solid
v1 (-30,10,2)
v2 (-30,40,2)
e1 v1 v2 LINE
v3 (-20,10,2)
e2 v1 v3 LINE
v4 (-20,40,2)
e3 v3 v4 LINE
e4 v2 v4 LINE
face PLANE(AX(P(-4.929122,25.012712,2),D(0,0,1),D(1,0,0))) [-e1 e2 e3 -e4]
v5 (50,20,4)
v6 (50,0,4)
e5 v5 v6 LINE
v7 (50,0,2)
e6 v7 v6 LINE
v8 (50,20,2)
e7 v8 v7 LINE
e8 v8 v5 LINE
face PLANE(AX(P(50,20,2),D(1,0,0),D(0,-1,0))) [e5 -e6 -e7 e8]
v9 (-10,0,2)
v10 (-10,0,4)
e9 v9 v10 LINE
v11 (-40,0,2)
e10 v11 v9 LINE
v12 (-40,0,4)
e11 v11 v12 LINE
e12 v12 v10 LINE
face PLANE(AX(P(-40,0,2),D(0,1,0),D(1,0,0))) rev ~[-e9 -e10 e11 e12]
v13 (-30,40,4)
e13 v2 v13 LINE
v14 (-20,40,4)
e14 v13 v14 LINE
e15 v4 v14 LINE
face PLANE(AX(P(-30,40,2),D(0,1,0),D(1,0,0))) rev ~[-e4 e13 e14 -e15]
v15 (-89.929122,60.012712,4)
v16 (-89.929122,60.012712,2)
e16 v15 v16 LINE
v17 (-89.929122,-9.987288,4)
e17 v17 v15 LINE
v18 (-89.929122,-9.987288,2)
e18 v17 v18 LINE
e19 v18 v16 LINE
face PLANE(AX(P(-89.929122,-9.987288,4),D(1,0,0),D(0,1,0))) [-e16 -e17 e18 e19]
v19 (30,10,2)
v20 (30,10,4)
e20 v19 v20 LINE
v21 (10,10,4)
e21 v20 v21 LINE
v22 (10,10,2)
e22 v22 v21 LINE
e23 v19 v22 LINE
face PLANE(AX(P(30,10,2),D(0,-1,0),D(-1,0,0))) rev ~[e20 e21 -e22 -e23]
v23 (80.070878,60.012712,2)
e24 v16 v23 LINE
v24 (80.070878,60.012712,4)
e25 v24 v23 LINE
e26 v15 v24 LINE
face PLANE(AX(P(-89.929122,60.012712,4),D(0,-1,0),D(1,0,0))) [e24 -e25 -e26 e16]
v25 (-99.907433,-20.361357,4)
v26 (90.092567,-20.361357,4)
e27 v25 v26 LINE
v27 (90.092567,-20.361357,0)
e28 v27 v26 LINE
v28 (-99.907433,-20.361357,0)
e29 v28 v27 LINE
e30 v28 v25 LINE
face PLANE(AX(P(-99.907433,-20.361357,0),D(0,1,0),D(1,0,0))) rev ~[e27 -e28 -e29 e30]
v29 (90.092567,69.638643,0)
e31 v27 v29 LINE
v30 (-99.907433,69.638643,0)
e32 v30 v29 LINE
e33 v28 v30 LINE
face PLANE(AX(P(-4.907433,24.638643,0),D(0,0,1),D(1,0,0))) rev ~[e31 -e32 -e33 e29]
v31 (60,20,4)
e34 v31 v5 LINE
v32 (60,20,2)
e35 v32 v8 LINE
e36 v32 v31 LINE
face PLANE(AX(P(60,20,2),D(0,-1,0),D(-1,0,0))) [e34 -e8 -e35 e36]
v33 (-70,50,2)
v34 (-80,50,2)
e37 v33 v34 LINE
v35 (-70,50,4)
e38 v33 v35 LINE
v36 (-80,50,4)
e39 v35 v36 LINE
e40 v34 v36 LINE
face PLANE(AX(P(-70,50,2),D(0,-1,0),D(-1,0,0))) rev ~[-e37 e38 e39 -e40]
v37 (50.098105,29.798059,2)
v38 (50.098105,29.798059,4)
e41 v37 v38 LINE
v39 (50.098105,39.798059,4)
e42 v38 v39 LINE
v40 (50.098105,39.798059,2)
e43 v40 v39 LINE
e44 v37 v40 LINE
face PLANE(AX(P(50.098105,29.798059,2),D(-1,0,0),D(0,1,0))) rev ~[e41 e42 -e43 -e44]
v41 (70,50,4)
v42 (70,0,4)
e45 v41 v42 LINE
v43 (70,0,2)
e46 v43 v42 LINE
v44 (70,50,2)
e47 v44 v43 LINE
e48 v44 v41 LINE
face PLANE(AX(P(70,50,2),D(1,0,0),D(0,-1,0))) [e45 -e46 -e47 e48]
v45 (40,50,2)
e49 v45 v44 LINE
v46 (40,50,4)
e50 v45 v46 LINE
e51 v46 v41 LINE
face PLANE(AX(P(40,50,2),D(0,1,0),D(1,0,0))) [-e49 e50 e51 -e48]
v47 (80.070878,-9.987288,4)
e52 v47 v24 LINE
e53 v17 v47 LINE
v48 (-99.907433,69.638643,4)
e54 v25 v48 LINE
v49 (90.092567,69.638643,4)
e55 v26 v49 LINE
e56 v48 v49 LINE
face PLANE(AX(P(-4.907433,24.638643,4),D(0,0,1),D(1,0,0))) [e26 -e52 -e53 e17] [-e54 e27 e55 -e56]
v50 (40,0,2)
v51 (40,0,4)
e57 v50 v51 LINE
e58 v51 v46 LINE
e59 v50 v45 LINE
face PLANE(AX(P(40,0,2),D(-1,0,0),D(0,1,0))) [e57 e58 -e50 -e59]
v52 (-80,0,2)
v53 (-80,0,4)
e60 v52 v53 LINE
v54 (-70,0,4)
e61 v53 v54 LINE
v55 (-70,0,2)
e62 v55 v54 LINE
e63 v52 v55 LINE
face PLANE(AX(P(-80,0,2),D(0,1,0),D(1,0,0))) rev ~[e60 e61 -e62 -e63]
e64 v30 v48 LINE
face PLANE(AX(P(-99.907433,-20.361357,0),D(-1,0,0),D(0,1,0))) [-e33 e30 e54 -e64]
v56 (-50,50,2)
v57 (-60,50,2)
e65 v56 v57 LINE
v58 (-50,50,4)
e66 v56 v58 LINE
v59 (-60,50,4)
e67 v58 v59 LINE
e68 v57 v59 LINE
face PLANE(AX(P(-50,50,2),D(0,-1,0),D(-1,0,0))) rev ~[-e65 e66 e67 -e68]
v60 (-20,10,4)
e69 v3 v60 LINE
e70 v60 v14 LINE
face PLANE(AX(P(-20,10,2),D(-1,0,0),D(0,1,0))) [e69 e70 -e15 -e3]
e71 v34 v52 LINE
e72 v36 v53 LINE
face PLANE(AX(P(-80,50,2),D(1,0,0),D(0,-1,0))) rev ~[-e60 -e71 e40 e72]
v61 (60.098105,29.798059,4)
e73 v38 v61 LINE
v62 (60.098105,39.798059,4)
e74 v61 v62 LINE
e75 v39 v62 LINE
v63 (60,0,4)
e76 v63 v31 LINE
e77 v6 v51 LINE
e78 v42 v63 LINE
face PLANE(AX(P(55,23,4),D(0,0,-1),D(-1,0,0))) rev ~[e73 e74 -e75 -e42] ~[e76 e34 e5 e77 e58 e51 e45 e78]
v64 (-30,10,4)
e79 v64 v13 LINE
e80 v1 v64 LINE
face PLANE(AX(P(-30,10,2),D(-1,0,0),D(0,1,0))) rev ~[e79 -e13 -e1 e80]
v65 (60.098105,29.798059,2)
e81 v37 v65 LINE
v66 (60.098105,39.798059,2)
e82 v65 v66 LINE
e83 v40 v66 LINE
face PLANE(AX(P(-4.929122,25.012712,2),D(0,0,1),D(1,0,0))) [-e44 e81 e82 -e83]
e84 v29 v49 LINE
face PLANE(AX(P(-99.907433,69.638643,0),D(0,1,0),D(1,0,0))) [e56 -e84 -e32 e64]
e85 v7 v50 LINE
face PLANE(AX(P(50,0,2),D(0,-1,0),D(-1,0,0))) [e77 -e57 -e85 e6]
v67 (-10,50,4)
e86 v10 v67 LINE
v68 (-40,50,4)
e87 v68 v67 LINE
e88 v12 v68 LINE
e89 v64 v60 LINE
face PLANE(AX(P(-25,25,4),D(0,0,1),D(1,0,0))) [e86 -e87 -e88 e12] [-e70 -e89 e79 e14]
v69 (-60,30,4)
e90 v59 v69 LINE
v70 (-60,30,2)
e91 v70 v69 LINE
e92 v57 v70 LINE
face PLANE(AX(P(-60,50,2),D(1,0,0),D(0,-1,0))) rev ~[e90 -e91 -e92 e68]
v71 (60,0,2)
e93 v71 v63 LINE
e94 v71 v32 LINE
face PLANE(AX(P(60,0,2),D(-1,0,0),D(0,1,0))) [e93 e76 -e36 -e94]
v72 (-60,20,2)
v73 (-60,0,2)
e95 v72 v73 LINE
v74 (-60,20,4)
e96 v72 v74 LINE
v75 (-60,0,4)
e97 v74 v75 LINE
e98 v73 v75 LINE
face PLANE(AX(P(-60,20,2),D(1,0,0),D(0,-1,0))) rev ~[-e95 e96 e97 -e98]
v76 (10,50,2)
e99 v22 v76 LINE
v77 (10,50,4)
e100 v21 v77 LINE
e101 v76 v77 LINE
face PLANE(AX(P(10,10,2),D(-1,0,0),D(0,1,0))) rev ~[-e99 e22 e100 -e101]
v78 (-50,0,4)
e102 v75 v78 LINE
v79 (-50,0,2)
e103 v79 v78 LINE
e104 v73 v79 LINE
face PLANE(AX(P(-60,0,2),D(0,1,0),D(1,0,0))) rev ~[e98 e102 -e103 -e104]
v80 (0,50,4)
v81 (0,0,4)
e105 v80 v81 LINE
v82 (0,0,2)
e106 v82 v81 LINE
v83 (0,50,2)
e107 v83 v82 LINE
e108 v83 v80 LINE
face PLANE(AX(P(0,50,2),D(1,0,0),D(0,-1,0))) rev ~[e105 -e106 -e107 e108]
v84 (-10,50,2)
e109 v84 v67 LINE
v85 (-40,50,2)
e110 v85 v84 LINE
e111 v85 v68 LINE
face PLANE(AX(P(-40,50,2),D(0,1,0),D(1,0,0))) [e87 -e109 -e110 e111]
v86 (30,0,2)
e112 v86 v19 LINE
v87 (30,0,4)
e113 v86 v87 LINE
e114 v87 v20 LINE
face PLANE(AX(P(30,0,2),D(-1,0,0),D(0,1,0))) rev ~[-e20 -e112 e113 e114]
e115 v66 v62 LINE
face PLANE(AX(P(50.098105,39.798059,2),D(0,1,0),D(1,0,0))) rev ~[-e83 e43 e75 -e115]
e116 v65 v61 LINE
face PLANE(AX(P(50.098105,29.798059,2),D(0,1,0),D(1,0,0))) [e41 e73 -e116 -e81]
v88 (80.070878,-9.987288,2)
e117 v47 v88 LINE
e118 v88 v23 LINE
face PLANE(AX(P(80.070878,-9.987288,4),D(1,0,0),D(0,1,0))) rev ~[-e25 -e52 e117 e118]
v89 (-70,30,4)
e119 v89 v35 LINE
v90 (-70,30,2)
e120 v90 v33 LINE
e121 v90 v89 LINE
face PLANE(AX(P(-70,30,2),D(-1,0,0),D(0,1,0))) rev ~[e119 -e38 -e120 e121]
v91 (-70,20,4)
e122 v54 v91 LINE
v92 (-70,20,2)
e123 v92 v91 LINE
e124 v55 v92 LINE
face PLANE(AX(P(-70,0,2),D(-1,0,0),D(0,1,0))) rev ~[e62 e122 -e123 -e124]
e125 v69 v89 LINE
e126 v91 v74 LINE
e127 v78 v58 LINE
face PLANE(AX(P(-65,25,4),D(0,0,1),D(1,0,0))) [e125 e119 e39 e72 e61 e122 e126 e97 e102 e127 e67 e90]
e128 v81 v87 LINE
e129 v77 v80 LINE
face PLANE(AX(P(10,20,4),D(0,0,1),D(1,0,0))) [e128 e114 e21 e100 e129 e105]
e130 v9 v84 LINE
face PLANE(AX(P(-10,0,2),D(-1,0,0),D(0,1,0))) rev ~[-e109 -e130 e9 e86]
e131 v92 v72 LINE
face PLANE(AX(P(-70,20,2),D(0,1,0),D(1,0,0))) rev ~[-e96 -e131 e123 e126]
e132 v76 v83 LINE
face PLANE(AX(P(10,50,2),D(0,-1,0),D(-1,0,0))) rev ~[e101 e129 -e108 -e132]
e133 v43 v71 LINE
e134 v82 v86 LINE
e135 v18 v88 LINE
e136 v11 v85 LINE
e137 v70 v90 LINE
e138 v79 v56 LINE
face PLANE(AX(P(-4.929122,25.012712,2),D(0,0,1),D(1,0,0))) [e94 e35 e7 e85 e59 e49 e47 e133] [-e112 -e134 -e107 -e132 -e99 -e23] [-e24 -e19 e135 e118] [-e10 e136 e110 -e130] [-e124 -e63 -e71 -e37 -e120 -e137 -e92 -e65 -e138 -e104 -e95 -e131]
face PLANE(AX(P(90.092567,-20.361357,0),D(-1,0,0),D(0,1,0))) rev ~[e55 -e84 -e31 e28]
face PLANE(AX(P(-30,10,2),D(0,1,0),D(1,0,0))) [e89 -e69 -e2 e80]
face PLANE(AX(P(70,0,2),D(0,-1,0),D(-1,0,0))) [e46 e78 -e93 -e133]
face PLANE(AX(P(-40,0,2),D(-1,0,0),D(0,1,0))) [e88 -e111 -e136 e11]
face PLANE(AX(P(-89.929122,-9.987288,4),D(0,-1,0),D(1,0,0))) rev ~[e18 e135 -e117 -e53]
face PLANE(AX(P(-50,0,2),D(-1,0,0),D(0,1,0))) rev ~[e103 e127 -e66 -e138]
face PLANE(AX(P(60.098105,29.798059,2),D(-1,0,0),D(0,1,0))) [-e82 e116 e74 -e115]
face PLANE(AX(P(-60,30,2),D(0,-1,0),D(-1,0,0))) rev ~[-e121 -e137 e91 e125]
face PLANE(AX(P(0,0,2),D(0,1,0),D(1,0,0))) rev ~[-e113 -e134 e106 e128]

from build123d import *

# Parameters (mm, degrees)
SKETCH003_W   = 10
SKETCH003_H   = 10
PAD003_DEPTH  = 2
SKETCH001_W   = 30
SKETCH001_H   = 50
SKETCH001_W_2 = 10
SKETCH001_H_2 = 30
PAD001_DEPTH  = 2
PAD002_DEPTH  = 2
PAD_DEPTH     = 2
SKETCH004_W   = 190
SKETCH004_H   = 90
PAD004_DEPTH  = 4
SKETCH005_W   = 170
SKETCH005_H   = 70
POCKET_DEPTH  = 2


with BuildPart() as letra_a:
    # Sketch003 → Pad003 (new body)
    with BuildSketch(Plane(origin=(40, 0, 0), x_dir=(1, 0, 0), z_dir=(0, 0, 1))):
        Polygon((0, 0), (0, 50), (30, 50), (30, 0), (20, 0), (20, 20), (10, 20), (10, 0), align=None)
        with Locations((15.098105, 34.798059)):
            Rectangle(SKETCH003_W, SKETCH003_H, mode=Mode.SUBTRACT)
    extrude(amount=PAD003_DEPTH)


with BuildPart() as letra_o:
    # Sketch001 → Pad001 (new body)
    with BuildSketch(Plane(origin=(-40, 0, 0), x_dir=(1, 0, 0), z_dir=(0, 0, 1))):
        with Locations((15, 25)):
            Rectangle(SKETCH001_W, SKETCH001_H)
        with Locations((15, 25)):
            Rectangle(SKETCH001_W_2, SKETCH001_H_2, mode=Mode.SUBTRACT)
    extrude(amount=PAD001_DEPTH)


with BuildPart() as letra_l:
    # Sketch002 → Pad002 (new body)
    with BuildSketch(Plane.XY):
        Polygon((0, 50), (0, 0), (30, 0), (30, 10), (10, 10), (10, 50), align=None)
    extrude(amount=PAD002_DEPTH)


with BuildPart() as hola:
    # Sketch → Pad (new body)
    with BuildSketch(Plane(origin=(-80, 0, 0), x_dir=(1, 0, 0), z_dir=(0, 0, 1))):
        Polygon((0, 0), (10, 0), (10, 20), (20, 20), (20, 0), (30, 0), (30, 50), (20, 50), (20, 30), (10, 30), (10, 50), (0, 50), align=None)
    extrude(amount=PAD_DEPTH)

    # Fusion: union Letra-A, Letra-O, Letra-L
    add(letra_a.part)
    add(letra_o.part)
    add(letra_l.part)


with BuildPart() as hola_1:
    # Fusion placement: moved
    add(hola.part.moved(Location((0, 0, 2))))


with BuildPart() as fusion001:
    # Sketch004 → Pad004 (new body)
    with BuildSketch(Plane.XY):
        with Locations((-4.907433, 24.638643)):
            Rectangle(SKETCH004_W, SKETCH004_H)
    extrude(amount=PAD004_DEPTH)

    # Sketch005 → Pocket (cut)
    with BuildSketch(Plane.XY.offset(4)):
        with Locations((-4.929122, 25.012712)):
            Rectangle(SKETCH005_W, SKETCH005_H)
    extrude(amount=-POCKET_DEPTH, mode=Mode.SUBTRACT)

    # Fusion001: union HOLA
    add(hola_1.part)


solid = fusion001.part
